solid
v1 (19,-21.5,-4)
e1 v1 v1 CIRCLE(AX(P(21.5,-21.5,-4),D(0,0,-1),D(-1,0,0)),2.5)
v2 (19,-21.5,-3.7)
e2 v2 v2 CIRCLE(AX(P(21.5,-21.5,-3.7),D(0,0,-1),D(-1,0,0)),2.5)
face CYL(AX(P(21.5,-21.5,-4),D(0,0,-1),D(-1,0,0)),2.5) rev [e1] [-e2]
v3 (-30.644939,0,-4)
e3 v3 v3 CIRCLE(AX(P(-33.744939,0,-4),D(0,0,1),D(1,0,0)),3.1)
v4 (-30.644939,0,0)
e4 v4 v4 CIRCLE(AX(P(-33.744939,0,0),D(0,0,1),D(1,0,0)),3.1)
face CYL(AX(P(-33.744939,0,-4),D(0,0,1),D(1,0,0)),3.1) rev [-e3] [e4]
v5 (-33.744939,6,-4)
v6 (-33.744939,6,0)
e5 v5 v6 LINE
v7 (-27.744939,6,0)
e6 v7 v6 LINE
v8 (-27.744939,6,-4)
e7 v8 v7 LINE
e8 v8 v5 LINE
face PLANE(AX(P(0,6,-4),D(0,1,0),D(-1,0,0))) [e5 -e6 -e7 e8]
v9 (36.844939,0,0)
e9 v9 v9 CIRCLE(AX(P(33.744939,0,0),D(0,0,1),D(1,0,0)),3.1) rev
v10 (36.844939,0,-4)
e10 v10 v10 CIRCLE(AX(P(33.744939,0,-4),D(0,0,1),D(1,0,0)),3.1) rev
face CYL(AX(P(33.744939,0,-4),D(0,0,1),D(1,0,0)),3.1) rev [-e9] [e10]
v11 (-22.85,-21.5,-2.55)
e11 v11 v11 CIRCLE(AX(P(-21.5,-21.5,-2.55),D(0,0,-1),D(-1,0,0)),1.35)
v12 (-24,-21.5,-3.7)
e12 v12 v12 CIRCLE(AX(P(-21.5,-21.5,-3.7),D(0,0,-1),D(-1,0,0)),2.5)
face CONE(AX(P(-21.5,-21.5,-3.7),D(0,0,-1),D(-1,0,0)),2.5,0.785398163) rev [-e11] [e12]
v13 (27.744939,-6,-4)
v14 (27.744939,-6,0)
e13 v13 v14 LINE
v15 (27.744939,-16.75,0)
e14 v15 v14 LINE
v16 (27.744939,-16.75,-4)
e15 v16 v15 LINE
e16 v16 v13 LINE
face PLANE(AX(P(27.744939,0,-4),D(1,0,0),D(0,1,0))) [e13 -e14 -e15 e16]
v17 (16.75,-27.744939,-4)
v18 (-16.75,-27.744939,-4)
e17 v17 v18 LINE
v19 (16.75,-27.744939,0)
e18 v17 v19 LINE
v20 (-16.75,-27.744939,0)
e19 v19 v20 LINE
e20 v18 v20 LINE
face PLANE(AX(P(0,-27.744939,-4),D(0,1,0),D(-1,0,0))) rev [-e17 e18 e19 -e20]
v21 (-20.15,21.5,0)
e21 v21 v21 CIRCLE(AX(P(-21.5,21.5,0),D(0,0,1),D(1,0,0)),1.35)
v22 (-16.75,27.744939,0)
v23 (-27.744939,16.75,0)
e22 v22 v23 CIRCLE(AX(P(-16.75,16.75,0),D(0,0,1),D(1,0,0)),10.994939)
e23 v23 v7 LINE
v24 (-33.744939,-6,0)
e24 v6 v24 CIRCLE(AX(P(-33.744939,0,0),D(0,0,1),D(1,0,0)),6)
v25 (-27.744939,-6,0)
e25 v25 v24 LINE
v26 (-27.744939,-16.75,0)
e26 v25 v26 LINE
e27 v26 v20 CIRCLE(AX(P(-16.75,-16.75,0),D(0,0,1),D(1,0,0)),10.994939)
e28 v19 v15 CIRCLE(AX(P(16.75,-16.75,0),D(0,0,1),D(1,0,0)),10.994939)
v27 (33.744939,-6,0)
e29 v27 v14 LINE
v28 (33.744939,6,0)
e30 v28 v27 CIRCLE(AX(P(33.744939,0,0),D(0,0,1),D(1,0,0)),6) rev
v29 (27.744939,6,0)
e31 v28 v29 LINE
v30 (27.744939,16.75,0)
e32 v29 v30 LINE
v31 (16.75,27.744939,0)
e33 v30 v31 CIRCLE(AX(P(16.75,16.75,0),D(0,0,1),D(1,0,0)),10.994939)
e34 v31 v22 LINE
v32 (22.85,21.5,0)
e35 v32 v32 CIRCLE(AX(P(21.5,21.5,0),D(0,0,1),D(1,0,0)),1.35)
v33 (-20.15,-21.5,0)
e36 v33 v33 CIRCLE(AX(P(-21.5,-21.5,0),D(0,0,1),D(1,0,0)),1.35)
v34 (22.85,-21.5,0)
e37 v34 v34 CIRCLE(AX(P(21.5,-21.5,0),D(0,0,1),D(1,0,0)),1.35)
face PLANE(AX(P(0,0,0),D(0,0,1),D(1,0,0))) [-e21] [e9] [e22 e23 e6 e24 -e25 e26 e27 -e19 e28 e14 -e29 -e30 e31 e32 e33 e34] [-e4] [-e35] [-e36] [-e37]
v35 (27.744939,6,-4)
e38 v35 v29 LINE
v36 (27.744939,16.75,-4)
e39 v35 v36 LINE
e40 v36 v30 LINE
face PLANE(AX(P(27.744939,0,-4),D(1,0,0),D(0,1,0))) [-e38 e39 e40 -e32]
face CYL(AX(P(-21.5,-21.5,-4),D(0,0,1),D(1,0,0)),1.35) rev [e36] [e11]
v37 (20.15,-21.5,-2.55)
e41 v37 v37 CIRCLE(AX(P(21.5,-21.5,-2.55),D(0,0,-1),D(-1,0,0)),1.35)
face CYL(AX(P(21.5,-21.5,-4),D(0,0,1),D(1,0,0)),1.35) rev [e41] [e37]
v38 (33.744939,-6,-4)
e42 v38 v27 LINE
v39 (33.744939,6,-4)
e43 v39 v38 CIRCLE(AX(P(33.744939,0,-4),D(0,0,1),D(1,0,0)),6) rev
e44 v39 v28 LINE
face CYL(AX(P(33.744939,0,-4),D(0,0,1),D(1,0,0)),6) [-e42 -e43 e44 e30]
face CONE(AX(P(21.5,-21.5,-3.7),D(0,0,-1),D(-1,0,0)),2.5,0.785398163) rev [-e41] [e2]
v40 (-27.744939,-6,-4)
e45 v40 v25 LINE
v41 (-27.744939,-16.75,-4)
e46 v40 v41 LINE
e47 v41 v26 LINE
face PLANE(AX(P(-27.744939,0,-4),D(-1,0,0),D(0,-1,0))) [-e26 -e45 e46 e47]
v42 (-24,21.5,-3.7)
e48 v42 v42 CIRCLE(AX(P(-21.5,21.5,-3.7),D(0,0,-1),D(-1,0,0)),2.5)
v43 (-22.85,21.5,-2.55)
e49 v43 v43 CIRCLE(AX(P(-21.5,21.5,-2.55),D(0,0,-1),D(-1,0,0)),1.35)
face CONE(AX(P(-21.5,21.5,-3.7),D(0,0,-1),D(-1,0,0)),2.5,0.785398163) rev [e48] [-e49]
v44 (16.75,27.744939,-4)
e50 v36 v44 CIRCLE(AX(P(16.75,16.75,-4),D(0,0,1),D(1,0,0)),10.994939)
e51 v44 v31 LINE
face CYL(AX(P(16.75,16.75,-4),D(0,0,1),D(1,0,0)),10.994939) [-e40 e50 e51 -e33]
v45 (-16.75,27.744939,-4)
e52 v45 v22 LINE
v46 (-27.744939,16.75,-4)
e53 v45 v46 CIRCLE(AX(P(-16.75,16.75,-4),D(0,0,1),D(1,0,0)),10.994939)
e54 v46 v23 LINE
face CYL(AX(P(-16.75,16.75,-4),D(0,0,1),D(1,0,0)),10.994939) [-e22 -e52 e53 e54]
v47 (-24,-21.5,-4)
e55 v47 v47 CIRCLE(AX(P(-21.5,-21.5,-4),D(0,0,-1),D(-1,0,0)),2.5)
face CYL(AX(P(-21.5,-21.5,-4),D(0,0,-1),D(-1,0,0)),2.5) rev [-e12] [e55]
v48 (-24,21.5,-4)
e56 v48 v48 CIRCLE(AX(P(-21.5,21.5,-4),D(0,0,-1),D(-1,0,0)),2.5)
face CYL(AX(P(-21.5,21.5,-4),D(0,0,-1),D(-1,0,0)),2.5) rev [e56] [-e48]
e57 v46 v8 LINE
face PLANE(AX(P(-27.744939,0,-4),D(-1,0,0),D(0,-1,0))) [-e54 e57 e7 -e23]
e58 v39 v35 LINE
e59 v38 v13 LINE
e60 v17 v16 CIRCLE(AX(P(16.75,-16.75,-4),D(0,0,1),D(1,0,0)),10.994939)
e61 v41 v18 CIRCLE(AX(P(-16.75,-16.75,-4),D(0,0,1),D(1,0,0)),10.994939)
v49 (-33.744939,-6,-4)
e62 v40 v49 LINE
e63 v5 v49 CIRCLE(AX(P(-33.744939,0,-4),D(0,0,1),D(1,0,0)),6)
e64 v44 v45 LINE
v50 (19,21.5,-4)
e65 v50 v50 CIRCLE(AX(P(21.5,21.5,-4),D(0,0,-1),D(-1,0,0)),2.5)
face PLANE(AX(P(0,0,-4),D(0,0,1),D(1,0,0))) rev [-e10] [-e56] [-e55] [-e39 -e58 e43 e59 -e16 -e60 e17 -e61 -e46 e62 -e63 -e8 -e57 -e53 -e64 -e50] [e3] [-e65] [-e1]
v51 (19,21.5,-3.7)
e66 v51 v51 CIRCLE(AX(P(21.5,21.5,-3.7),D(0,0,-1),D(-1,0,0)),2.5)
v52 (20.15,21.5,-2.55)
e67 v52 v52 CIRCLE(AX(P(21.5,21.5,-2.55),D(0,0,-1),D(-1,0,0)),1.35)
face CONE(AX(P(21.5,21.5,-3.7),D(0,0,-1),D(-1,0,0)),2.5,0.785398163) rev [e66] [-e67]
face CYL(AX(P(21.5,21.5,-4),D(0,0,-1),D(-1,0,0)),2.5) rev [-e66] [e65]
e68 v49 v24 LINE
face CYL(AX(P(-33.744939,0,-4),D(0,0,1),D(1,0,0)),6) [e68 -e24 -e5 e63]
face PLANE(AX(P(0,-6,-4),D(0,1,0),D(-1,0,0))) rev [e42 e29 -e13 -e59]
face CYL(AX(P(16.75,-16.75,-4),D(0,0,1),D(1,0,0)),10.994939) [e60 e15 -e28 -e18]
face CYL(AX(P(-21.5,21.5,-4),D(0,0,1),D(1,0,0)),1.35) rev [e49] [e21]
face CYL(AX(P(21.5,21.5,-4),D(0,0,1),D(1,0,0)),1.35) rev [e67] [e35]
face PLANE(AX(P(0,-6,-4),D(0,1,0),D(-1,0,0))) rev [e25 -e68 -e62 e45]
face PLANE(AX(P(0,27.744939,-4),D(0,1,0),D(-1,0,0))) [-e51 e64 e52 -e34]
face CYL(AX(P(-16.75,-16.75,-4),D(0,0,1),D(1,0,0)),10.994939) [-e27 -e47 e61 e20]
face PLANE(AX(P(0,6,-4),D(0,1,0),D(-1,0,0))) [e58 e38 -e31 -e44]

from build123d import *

# Parameters (mm, degrees)
SKETCH1_R                                      = 1.35
SKETCH1_R_2                                    = 6
SKETCH1_R_3                                    = 3.1
BOSS_EXTRUDE1_DEPTH                            = 4
CSK_FOR_M2_5_FLAT_HEAD_MACHINE_SCREW1_AT_COUNT = 2
CSK_FOR_M2_5_FLAT_HEAD_MACHINE_SCREW1_AT_PITCH = 43
CSK_FOR_M2_5_FLAT_HEAD_MACHINE_SCREW_2_COUNT   = 2
CSK_FOR_M2_5_FLAT_HEAD_MACHINE_SCREW_2_PITCH   = 60.811183182
CSK_FOR_M2_5_FLAT_HEAD_MACHINE_SCREW_3_COUNT   = 2
CSK_FOR_M2_5_FLAT_HEAD_MACHINE_SCREW_3_PITCH   = 43


with BuildPart() as part:
    # Sketch1 → Boss-Extrude1 (new body)
    with BuildSketch(Plane.XY):
        with BuildLine():
            Line((-27.744938631, 6), (27.744938631, 6))
            Line((27.744938631, 6), (27.744938631, 16.75))
            ThreePointArc((27.744938631, 16.75), (24.524595568, 24.52459576), (16.749999729, 27.744938631))
            Line((16.749999729, 27.744938631), (-16.75, 27.744938631))
            ThreePointArc((-16.75, 27.744938631), (-24.524595664, 24.524595664), (-27.744938631, 16.75))
            Line((-27.744938631, 16.75), (-27.744938631, 6))
        make_face()
        with Locations((-21.5, 21.5)):
            Circle(SKETCH1_R, mode=Mode.SUBTRACT)
        with Locations((21.5, 21.5)):
            Circle(SKETCH1_R, mode=Mode.SUBTRACT)
        Polygon((-27.744938631, -6), (27.744938631, -6), (27.744938631, 0), (27.744938631, 6), (-27.744938631, 6), (-27.744938631, 0), align=None)
        with BuildLine():
            Line((-16.749999529, -27.744938631), (16.75, -27.744938631))
            ThreePointArc((16.75, -27.744938631), (24.524595836, -24.524595492), (27.744938631, -16.749999513))
            Line((27.744938631, -16.749999513), (27.744938631, -6))
            Line((27.744938631, -6), (-27.744938631, -6))
            Line((-27.744938631, -6), (-27.744938631, -16.75))
            ThreePointArc((-27.744938631, -16.75), (-24.524595498, -24.524595831), (-16.749999529, -27.744938631))
        make_face()
        with Locations((-21.5, -21.5)):
            Circle(SKETCH1_R, mode=Mode.SUBTRACT)
        with Locations((21.5, -21.5)):
            Circle(SKETCH1_R, mode=Mode.SUBTRACT)
        with BuildLine():
            Line((-33.744938608, -6), (-27.744938631, -6))
            Line((-27.744938631, -6), (-27.744938631, 0))
            ThreePointArc((-27.744938631, 0), (-29.502297935, -4.242640679), (-33.744938608, -6))
        make_face()
        with BuildLine():
            ThreePointArc((-33.744938605, 6), (-29.502297934, 4.242640678), (-27.744938631, 0))
            Line((-27.744938631, 0), (-27.744938631, 6))
            Line((-27.744938631, 6), (-33.744938605, 6))
        make_face()
        with Locations((-33.744938631, 0)):
            Circle(SKETCH1_R_2)
        with Locations((-33.744938631, 0)):
            Circle(SKETCH1_R_3, mode=Mode.SUBTRACT)
        with BuildLine():
            Line((27.744938631, 6), (27.744938631, 0))
            ThreePointArc((27.744938631, 0), (29.502297943, 4.242640687), (33.744938631, 6))
            Line((33.744938631, 6), (27.744938631, 6))
        make_face()
        with BuildLine():
            Line((27.744938631, 0), (27.744938631, -6))
            Line((27.744938631, -6), (33.744938631, -6))
            ThreePointArc((33.744938631, -6), (29.502297943, -4.242640687), (27.744938631, 0))
        make_face()
        with Locations((33.744938631, 0)):
            Circle(SKETCH1_R_2)
        with Locations((33.744938631, 0)):
            Circle(SKETCH1_R_3, mode=Mode.SUBTRACT)
    extrude(amount=-BOSS_EXTRUDE1_DEPTH)

    # Sketch3 → CSK for M2.5 Flat Head Machine Screw1 (revolve, cut)
    with BuildSketch(Plane(origin=(21.5, 21.5, -4), x_dir=(0, 1, 0), z_dir=(1, 0, 0))):
        Polygon((0, 0), (0, 4), (1.25, 4), (1.25, 1.55), (2.5, 0.3), (2.5, 0), align=None)
    csk_for_m2_5_flat_head_machine_screw1 = revolve(axis=Axis((21.5, 21.5, -10.35), (0, 0, 1)), mode=Mode.SUBTRACT)

    # CSK for M2.5 Flat Head Machine Screw1 at: CSK for M2.5 Flat Head Machine Screw1 ×2
    with Locations(*[(-i * CSK_FOR_M2_5_FLAT_HEAD_MACHINE_SCREW1_AT_PITCH, 0, 0) for i in range(1, CSK_FOR_M2_5_FLAT_HEAD_MACHINE_SCREW1_AT_COUNT)]):
        add(csk_for_m2_5_flat_head_machine_screw1, mode=Mode.SUBTRACT)

    # CSK for M2.5 Flat Head Machine Screw 2: CSK for M2.5 Flat Head Machine Screw1 ×2
    with Locations(*[Vector(-0.707106781, -0.707106781, 0) * (i * CSK_FOR_M2_5_FLAT_HEAD_MACHINE_SCREW_2_PITCH) for i in range(1, CSK_FOR_M2_5_FLAT_HEAD_MACHINE_SCREW_2_COUNT)]):
        add(csk_for_m2_5_flat_head_machine_screw1, mode=Mode.SUBTRACT)

    # CSK for M2.5 Flat Head Machine Screw 3: CSK for M2.5 Flat Head Machine Screw1 ×2
    with Locations(*[(0, -i * CSK_FOR_M2_5_FLAT_HEAD_MACHINE_SCREW_3_PITCH, 0) for i in range(1, CSK_FOR_M2_5_FLAT_HEAD_MACHINE_SCREW_3_COUNT)]):
        add(csk_for_m2_5_flat_head_machine_screw1, mode=Mode.SUBTRACT)


solid = part.part
